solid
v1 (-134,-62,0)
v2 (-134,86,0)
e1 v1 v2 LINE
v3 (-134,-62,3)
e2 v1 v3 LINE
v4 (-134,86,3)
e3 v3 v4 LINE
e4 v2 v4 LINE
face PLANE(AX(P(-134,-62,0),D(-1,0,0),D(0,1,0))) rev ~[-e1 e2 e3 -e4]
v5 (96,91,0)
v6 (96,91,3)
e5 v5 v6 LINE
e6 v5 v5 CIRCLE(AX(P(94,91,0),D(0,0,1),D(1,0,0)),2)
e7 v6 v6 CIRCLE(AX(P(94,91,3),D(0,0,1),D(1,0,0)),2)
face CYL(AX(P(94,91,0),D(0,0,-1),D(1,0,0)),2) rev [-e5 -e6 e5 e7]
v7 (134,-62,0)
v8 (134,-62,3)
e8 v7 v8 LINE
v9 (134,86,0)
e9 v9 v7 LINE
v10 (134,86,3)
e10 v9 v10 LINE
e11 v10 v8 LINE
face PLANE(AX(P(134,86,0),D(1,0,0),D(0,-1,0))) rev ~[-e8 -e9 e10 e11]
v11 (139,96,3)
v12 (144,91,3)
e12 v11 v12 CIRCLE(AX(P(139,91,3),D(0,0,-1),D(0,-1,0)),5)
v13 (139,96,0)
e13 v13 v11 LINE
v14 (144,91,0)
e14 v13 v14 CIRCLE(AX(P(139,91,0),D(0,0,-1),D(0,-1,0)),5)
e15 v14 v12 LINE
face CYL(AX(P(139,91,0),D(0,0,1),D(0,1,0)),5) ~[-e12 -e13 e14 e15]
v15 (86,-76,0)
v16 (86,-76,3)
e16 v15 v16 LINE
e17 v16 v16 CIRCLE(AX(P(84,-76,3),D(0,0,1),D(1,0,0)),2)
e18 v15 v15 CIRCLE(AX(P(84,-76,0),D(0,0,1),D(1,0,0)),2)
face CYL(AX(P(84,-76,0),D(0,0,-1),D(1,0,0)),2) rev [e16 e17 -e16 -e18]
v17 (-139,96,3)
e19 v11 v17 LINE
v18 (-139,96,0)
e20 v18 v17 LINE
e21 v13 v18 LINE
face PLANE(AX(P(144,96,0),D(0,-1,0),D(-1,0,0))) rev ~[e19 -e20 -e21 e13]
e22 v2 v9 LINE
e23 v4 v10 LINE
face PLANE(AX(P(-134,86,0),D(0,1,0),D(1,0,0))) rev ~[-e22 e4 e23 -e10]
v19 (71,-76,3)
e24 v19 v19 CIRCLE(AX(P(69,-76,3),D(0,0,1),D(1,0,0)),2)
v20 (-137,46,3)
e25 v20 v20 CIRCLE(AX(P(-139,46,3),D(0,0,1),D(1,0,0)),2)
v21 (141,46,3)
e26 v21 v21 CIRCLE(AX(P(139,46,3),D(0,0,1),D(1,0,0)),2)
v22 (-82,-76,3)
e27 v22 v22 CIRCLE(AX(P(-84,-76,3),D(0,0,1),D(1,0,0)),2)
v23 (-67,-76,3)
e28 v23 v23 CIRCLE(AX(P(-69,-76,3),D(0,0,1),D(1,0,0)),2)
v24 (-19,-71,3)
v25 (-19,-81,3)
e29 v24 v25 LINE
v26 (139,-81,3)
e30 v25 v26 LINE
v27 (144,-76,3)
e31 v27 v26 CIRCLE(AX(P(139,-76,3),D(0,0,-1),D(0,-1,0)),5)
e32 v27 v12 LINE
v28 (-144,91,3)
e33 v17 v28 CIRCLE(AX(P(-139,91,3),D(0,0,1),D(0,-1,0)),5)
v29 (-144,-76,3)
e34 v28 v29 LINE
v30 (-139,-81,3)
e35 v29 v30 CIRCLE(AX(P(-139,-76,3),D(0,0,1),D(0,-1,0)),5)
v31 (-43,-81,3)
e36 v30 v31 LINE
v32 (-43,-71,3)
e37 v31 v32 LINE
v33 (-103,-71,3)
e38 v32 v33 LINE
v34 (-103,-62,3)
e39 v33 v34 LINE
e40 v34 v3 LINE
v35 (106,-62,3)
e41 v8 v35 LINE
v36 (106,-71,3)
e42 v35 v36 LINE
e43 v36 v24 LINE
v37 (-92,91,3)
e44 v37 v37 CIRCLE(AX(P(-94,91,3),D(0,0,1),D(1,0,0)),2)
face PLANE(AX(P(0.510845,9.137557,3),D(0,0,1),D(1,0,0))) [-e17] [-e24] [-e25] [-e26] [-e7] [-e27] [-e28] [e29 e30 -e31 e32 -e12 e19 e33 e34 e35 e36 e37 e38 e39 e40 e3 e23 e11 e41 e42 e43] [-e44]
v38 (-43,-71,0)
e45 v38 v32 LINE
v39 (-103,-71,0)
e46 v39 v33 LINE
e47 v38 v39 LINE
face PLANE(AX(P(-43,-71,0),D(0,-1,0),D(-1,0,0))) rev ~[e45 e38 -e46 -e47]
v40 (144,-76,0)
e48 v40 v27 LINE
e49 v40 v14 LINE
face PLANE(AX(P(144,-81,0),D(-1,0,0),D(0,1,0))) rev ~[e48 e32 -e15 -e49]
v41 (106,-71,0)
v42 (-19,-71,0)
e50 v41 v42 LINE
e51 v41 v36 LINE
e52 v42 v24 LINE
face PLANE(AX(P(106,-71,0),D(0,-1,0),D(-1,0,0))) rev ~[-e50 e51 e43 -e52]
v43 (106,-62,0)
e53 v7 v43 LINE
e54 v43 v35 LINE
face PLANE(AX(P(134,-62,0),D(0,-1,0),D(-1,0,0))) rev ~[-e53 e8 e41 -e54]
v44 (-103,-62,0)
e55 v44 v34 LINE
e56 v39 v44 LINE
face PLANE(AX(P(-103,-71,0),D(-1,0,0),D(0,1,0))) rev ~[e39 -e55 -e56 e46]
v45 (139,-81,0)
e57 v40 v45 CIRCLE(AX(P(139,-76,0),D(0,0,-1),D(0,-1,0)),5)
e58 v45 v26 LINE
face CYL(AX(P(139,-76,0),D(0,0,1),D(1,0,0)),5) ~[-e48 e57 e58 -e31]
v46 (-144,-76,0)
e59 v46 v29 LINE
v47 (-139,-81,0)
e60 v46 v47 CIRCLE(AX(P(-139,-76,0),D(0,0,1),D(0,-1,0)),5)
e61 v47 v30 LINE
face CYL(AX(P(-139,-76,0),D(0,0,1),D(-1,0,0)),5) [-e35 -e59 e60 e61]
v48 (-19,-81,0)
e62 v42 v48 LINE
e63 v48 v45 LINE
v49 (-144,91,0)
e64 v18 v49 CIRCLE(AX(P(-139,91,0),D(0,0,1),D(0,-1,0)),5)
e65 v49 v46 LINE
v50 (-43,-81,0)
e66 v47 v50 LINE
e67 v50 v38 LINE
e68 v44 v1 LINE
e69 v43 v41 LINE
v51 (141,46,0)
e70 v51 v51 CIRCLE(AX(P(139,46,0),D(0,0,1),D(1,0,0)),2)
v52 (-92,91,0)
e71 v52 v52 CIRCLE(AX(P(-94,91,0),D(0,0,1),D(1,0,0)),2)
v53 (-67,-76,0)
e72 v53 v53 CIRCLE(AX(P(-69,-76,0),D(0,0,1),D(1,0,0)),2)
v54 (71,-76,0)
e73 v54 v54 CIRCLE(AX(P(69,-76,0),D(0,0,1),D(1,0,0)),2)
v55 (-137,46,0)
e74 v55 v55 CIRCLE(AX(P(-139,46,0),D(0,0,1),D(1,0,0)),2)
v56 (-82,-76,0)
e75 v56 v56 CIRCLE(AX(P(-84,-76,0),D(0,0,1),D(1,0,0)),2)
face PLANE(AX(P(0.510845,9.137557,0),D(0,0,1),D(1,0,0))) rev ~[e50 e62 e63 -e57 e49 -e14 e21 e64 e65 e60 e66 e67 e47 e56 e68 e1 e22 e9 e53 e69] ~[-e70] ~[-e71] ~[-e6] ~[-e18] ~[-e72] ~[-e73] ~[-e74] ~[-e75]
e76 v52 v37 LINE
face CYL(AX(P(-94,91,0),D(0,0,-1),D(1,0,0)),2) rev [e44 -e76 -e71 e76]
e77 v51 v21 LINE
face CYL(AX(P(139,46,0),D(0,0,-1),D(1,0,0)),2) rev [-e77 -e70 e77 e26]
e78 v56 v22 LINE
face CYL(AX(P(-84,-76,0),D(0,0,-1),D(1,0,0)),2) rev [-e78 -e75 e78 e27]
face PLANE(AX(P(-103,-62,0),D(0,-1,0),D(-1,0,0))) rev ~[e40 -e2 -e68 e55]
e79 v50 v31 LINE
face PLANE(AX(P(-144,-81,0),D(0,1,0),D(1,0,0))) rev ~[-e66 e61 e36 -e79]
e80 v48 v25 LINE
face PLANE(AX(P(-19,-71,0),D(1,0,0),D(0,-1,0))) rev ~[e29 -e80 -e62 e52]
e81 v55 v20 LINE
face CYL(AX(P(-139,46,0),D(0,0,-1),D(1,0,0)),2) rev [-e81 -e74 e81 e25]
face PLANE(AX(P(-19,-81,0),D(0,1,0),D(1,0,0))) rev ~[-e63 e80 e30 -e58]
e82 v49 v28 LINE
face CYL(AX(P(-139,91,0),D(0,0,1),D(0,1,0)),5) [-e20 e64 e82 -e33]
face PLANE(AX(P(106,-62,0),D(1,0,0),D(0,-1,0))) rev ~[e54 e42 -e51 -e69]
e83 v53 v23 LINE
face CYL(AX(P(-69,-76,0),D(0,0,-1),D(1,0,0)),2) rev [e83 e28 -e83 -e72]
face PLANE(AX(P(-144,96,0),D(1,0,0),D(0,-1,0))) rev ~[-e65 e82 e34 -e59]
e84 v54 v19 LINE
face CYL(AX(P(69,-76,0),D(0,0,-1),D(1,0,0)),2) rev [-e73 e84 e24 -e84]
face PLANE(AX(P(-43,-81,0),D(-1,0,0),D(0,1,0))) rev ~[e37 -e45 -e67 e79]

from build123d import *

# Parameters (mm, degrees)
F0_R     = 2
F1_DEPTH = 3
F2_R     = 5


with BuildPart() as f1:
    # F0 (on Top) → F1 (new body)
    with BuildSketch(Plane.XY):
        Polygon((144, 96), (-144, 96), (-144, -81), (-43, -81), (-43, -71), (-103, -71), (-103, -62), (-134, -62), (-134, 86), (134, 86), (134, -62), (106, -62), (106, -71), (-19, -71), (-19, -81), (144, -81), align=None)
        with Locations((-84, -76)):
            Circle(F0_R, mode=Mode.SUBTRACT)
        with Locations((-69, -76)):
            Circle(F0_R, mode=Mode.SUBTRACT)
        with Locations((69, -76)):
            Circle(F0_R, mode=Mode.SUBTRACT)
        with Locations((84, -76)):
            Circle(F0_R, mode=Mode.SUBTRACT)
        with Locations((-139, 46)):
            Circle(F0_R, mode=Mode.SUBTRACT)
        with Locations((-94, 91)):
            Circle(F0_R, mode=Mode.SUBTRACT)
        with Locations((139, 46)):
            Circle(F0_R, mode=Mode.SUBTRACT)
        with Locations((94, 91)):
            Circle(F0_R, mode=Mode.SUBTRACT)
    extrude(amount=F1_DEPTH)

    # F2
    f2_edges = [f1.edges().sort_by_distance(p)[0] for p in [
        (-144, -81, 1.5),
        (-144, 96, 1.5),
        (144, 96, 1.5),
        (144, -81, 1.5),
    ]]
    fillet(f2_edges, radius=F2_R)


solid = f1.part
